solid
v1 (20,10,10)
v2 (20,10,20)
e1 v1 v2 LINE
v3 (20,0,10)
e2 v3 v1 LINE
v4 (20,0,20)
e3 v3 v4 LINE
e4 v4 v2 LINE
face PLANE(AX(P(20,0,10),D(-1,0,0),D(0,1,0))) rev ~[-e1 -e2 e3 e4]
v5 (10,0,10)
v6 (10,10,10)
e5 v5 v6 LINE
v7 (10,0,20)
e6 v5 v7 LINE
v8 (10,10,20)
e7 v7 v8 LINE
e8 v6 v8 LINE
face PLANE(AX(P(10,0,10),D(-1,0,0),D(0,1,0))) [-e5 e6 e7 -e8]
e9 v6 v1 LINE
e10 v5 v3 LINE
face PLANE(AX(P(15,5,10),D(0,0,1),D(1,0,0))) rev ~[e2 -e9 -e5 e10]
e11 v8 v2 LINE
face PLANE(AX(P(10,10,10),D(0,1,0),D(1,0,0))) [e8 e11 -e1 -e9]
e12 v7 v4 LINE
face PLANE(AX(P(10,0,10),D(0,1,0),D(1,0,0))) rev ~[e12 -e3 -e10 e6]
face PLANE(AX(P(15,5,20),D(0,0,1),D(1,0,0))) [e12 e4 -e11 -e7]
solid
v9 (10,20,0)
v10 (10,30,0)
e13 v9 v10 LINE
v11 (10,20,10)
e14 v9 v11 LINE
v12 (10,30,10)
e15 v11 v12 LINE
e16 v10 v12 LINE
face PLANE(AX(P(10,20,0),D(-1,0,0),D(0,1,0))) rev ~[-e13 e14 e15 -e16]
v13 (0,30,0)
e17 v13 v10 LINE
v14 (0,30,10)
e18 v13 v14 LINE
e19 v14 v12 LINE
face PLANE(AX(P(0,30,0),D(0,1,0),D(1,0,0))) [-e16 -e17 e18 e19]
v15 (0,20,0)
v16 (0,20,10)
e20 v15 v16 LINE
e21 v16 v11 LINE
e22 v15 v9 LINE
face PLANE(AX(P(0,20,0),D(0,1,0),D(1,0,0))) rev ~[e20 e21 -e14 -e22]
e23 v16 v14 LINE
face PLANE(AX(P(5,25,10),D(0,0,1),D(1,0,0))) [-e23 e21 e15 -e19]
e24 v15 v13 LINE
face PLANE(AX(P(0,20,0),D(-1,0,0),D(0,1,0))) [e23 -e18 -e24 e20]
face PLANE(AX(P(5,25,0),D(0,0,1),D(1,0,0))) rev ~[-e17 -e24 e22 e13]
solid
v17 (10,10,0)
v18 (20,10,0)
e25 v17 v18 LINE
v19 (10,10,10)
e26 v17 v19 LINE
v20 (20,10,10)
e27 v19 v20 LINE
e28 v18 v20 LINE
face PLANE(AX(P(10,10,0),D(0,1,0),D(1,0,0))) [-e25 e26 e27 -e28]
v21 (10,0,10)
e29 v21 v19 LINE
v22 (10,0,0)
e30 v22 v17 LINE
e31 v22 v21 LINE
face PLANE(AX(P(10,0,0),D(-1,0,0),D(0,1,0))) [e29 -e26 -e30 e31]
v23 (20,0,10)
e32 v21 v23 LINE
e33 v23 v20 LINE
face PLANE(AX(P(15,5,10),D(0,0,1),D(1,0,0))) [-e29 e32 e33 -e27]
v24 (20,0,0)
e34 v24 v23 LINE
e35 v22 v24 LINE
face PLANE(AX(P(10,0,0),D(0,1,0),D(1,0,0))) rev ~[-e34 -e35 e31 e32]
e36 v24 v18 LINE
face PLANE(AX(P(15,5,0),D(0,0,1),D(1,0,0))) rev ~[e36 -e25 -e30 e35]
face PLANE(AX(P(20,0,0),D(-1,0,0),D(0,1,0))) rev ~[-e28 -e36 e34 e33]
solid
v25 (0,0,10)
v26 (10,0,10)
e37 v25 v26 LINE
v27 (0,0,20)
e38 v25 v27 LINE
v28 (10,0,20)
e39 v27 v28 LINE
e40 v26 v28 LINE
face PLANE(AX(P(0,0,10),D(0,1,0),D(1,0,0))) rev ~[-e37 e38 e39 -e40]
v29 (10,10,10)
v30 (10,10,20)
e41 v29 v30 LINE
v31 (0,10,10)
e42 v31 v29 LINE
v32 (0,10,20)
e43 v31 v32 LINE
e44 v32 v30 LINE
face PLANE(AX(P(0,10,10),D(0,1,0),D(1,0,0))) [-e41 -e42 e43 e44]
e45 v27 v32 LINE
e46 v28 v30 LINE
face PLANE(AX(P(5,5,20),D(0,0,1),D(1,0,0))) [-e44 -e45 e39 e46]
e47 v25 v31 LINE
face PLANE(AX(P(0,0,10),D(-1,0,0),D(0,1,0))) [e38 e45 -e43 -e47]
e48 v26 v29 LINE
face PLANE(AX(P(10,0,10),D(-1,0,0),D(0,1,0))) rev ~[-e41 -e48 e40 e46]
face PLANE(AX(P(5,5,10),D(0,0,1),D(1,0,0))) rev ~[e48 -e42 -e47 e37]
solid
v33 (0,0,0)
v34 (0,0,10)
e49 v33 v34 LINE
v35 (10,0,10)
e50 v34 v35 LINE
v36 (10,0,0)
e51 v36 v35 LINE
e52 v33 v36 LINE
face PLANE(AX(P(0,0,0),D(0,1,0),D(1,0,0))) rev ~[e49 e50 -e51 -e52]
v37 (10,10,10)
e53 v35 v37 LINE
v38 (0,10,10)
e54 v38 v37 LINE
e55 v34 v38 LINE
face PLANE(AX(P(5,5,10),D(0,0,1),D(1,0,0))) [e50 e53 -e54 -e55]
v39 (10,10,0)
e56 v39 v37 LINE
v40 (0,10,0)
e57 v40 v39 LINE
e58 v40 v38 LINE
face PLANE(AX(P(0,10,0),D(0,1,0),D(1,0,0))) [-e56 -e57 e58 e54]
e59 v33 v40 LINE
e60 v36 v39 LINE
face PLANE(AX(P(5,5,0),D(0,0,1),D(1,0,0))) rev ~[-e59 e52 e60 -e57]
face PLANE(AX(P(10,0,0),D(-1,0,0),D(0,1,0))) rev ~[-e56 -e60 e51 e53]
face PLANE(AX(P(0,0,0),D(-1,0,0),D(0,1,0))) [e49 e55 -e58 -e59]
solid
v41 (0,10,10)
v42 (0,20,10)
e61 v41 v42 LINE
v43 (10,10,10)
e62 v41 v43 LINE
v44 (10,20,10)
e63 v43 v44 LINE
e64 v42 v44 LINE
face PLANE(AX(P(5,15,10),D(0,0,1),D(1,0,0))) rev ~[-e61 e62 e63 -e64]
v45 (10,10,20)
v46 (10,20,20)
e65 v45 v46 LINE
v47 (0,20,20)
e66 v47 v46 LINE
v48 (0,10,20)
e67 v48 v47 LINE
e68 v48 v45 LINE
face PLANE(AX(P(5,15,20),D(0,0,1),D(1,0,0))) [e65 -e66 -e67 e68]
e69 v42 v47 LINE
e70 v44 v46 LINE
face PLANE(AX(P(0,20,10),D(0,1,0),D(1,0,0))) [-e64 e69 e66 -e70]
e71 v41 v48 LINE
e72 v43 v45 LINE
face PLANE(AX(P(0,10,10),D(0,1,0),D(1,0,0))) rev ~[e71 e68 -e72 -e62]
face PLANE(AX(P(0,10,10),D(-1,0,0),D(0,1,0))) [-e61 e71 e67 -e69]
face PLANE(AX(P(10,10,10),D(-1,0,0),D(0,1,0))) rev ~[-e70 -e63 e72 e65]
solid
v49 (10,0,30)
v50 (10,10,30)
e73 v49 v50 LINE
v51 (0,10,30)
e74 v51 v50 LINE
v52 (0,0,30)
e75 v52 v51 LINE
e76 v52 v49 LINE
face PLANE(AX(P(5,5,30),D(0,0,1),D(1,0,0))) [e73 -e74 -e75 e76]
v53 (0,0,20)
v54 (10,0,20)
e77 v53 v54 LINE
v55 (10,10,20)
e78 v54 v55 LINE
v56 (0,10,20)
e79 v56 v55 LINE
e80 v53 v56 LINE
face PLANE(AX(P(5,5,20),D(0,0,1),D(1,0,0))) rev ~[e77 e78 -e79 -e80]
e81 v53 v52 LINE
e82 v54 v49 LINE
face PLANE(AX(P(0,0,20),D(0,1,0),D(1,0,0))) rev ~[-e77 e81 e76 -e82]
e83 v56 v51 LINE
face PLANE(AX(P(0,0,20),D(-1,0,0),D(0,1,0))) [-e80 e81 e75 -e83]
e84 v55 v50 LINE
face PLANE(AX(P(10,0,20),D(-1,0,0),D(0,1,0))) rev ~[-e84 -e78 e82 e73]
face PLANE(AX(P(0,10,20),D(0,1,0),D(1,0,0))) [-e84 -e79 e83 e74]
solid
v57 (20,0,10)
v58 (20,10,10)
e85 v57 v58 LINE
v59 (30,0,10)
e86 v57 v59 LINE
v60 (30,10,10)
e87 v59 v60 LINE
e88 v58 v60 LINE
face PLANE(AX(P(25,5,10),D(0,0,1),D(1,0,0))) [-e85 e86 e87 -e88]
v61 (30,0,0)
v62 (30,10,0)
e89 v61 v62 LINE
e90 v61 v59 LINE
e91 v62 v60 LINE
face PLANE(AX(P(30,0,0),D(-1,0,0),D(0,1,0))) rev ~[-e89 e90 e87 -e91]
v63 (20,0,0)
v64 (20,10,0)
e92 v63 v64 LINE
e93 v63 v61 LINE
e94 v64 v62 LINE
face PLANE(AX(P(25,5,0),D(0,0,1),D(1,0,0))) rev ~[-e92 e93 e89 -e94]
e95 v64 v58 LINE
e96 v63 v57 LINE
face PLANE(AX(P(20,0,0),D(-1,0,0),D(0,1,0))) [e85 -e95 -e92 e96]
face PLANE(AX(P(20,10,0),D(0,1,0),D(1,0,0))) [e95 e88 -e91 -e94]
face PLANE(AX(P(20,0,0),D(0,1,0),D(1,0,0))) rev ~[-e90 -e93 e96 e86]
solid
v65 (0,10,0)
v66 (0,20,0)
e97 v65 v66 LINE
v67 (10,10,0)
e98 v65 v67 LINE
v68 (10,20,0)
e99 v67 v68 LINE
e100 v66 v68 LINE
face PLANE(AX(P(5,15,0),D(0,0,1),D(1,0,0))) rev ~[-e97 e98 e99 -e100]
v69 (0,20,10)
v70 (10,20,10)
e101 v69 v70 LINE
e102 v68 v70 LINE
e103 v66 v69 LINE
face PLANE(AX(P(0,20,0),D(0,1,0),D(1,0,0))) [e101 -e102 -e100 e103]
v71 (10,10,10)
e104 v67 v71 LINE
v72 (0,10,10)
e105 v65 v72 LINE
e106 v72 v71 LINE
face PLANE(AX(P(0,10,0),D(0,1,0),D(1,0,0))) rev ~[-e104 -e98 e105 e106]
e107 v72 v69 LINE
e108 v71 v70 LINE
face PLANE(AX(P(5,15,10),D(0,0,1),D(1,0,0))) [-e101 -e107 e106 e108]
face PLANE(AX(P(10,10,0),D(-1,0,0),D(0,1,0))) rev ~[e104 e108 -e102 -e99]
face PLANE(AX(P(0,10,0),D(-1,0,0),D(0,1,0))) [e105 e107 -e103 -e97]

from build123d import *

# Parameters (mm, degrees)
BOX_W        = 10
BOX_H        = 10
BOX_DEPTH    = 10
BOX001_W     = 10
BOX001_H     = 10
BOX001_DEPTH = 10
BOX002_W     = 10
BOX002_H     = 10
BOX002_DEPTH = 10
BOX003_W     = 10
BOX003_H     = 10
BOX003_DEPTH = 10
BOX004_W     = 10
BOX004_H     = 10
BOX004_DEPTH = 10
BOX005_W     = 10
BOX005_H     = 10
BOX005_DEPTH = 10
BOX006_W     = 10
BOX006_H     = 10
BOX006_DEPTH = 10
BOX007_W     = 10
BOX007_H     = 10
BOX007_DEPTH = 10
BOX008_W     = 10
BOX008_H     = 10
BOX008_DEPTH = 10


with BuildPart() as nivell1_cub1:
    # Box → Box (new body)
    with BuildSketch(Plane(origin=(10, 0, 0), x_dir=(1, 0, 0), z_dir=(0, 0, 1))):
        with Locations((5, 5)):
            Rectangle(BOX_W, BOX_H)
    extrude(amount=BOX_DEPTH)


with BuildPart() as nivell1_cub2:
    # Box001 → Box001 (new body)
    with BuildSketch(Plane(origin=(20, 0, 0), x_dir=(1, 0, 0), z_dir=(0, 0, 1))):
        with Locations((5, 5)):
            Rectangle(BOX001_W, BOX001_H)
    extrude(amount=BOX001_DEPTH)


with BuildPart() as nivell1_cub3:
    # Box002 → Box002 (new body)
    with BuildSketch(Plane.XY):
        with Locations((5, 5)):
            Rectangle(BOX002_W, BOX002_H)
    extrude(amount=BOX002_DEPTH)


with BuildPart() as nivell1_cub4:
    # Box003 → Box003 (new body)
    with BuildSketch(Plane(origin=(0, 10, 0), x_dir=(1, 0, 0), z_dir=(0, 0, 1))):
        with Locations((5, 5)):
            Rectangle(BOX003_W, BOX003_H)
    extrude(amount=BOX003_DEPTH)


with BuildPart() as nivell1_cub5:
    # Box004 → Box004 (new body)
    with BuildSketch(Plane(origin=(0, 20, 0), x_dir=(1, 0, 0), z_dir=(0, 0, 1))):
        with Locations((5, 5)):
            Rectangle(BOX004_W, BOX004_H)
    extrude(amount=BOX004_DEPTH)


with BuildPart() as nivell2_cub1:
    # Box005 → Box005 (new body)
    with BuildSketch(Plane.XY.offset(10)):
        with Locations((5, 5)):
            Rectangle(BOX005_W, BOX005_H)
    extrude(amount=BOX005_DEPTH)


with BuildPart() as nivell2_cub2:
    # Box006 → Box006 (new body)
    with BuildSketch(Plane(origin=(0, 10, 10), x_dir=(1, 0, 0), z_dir=(0, 0, 1))):
        with Locations((5, 5)):
            Rectangle(BOX006_W, BOX006_H)
    extrude(amount=BOX006_DEPTH)


with BuildPart() as nivell2_cub3:
    # Box007 → Box007 (new body)
    with BuildSketch(Plane(origin=(10, 0, 10), x_dir=(1, 0, 0), z_dir=(0, 0, 1))):
        with Locations((5, 5)):
            Rectangle(BOX007_W, BOX007_H)
    extrude(amount=BOX007_DEPTH)


with BuildPart() as nivell3_cub1:
    # Box008 → Box008 (new body)
    with BuildSketch(Plane.XY.offset(20)):
        with Locations((5, 5)):
            Rectangle(BOX008_W, BOX008_H)
    extrude(amount=BOX008_DEPTH)


solid = Compound([nivell1_cub1.part, nivell1_cub2.part, nivell1_cub3.part, nivell1_cub4.part, nivell1_cub5.part, nivell2_cub1.part, nivell2_cub2.part, nivell2_cub3.part, nivell3_cub1.part])
